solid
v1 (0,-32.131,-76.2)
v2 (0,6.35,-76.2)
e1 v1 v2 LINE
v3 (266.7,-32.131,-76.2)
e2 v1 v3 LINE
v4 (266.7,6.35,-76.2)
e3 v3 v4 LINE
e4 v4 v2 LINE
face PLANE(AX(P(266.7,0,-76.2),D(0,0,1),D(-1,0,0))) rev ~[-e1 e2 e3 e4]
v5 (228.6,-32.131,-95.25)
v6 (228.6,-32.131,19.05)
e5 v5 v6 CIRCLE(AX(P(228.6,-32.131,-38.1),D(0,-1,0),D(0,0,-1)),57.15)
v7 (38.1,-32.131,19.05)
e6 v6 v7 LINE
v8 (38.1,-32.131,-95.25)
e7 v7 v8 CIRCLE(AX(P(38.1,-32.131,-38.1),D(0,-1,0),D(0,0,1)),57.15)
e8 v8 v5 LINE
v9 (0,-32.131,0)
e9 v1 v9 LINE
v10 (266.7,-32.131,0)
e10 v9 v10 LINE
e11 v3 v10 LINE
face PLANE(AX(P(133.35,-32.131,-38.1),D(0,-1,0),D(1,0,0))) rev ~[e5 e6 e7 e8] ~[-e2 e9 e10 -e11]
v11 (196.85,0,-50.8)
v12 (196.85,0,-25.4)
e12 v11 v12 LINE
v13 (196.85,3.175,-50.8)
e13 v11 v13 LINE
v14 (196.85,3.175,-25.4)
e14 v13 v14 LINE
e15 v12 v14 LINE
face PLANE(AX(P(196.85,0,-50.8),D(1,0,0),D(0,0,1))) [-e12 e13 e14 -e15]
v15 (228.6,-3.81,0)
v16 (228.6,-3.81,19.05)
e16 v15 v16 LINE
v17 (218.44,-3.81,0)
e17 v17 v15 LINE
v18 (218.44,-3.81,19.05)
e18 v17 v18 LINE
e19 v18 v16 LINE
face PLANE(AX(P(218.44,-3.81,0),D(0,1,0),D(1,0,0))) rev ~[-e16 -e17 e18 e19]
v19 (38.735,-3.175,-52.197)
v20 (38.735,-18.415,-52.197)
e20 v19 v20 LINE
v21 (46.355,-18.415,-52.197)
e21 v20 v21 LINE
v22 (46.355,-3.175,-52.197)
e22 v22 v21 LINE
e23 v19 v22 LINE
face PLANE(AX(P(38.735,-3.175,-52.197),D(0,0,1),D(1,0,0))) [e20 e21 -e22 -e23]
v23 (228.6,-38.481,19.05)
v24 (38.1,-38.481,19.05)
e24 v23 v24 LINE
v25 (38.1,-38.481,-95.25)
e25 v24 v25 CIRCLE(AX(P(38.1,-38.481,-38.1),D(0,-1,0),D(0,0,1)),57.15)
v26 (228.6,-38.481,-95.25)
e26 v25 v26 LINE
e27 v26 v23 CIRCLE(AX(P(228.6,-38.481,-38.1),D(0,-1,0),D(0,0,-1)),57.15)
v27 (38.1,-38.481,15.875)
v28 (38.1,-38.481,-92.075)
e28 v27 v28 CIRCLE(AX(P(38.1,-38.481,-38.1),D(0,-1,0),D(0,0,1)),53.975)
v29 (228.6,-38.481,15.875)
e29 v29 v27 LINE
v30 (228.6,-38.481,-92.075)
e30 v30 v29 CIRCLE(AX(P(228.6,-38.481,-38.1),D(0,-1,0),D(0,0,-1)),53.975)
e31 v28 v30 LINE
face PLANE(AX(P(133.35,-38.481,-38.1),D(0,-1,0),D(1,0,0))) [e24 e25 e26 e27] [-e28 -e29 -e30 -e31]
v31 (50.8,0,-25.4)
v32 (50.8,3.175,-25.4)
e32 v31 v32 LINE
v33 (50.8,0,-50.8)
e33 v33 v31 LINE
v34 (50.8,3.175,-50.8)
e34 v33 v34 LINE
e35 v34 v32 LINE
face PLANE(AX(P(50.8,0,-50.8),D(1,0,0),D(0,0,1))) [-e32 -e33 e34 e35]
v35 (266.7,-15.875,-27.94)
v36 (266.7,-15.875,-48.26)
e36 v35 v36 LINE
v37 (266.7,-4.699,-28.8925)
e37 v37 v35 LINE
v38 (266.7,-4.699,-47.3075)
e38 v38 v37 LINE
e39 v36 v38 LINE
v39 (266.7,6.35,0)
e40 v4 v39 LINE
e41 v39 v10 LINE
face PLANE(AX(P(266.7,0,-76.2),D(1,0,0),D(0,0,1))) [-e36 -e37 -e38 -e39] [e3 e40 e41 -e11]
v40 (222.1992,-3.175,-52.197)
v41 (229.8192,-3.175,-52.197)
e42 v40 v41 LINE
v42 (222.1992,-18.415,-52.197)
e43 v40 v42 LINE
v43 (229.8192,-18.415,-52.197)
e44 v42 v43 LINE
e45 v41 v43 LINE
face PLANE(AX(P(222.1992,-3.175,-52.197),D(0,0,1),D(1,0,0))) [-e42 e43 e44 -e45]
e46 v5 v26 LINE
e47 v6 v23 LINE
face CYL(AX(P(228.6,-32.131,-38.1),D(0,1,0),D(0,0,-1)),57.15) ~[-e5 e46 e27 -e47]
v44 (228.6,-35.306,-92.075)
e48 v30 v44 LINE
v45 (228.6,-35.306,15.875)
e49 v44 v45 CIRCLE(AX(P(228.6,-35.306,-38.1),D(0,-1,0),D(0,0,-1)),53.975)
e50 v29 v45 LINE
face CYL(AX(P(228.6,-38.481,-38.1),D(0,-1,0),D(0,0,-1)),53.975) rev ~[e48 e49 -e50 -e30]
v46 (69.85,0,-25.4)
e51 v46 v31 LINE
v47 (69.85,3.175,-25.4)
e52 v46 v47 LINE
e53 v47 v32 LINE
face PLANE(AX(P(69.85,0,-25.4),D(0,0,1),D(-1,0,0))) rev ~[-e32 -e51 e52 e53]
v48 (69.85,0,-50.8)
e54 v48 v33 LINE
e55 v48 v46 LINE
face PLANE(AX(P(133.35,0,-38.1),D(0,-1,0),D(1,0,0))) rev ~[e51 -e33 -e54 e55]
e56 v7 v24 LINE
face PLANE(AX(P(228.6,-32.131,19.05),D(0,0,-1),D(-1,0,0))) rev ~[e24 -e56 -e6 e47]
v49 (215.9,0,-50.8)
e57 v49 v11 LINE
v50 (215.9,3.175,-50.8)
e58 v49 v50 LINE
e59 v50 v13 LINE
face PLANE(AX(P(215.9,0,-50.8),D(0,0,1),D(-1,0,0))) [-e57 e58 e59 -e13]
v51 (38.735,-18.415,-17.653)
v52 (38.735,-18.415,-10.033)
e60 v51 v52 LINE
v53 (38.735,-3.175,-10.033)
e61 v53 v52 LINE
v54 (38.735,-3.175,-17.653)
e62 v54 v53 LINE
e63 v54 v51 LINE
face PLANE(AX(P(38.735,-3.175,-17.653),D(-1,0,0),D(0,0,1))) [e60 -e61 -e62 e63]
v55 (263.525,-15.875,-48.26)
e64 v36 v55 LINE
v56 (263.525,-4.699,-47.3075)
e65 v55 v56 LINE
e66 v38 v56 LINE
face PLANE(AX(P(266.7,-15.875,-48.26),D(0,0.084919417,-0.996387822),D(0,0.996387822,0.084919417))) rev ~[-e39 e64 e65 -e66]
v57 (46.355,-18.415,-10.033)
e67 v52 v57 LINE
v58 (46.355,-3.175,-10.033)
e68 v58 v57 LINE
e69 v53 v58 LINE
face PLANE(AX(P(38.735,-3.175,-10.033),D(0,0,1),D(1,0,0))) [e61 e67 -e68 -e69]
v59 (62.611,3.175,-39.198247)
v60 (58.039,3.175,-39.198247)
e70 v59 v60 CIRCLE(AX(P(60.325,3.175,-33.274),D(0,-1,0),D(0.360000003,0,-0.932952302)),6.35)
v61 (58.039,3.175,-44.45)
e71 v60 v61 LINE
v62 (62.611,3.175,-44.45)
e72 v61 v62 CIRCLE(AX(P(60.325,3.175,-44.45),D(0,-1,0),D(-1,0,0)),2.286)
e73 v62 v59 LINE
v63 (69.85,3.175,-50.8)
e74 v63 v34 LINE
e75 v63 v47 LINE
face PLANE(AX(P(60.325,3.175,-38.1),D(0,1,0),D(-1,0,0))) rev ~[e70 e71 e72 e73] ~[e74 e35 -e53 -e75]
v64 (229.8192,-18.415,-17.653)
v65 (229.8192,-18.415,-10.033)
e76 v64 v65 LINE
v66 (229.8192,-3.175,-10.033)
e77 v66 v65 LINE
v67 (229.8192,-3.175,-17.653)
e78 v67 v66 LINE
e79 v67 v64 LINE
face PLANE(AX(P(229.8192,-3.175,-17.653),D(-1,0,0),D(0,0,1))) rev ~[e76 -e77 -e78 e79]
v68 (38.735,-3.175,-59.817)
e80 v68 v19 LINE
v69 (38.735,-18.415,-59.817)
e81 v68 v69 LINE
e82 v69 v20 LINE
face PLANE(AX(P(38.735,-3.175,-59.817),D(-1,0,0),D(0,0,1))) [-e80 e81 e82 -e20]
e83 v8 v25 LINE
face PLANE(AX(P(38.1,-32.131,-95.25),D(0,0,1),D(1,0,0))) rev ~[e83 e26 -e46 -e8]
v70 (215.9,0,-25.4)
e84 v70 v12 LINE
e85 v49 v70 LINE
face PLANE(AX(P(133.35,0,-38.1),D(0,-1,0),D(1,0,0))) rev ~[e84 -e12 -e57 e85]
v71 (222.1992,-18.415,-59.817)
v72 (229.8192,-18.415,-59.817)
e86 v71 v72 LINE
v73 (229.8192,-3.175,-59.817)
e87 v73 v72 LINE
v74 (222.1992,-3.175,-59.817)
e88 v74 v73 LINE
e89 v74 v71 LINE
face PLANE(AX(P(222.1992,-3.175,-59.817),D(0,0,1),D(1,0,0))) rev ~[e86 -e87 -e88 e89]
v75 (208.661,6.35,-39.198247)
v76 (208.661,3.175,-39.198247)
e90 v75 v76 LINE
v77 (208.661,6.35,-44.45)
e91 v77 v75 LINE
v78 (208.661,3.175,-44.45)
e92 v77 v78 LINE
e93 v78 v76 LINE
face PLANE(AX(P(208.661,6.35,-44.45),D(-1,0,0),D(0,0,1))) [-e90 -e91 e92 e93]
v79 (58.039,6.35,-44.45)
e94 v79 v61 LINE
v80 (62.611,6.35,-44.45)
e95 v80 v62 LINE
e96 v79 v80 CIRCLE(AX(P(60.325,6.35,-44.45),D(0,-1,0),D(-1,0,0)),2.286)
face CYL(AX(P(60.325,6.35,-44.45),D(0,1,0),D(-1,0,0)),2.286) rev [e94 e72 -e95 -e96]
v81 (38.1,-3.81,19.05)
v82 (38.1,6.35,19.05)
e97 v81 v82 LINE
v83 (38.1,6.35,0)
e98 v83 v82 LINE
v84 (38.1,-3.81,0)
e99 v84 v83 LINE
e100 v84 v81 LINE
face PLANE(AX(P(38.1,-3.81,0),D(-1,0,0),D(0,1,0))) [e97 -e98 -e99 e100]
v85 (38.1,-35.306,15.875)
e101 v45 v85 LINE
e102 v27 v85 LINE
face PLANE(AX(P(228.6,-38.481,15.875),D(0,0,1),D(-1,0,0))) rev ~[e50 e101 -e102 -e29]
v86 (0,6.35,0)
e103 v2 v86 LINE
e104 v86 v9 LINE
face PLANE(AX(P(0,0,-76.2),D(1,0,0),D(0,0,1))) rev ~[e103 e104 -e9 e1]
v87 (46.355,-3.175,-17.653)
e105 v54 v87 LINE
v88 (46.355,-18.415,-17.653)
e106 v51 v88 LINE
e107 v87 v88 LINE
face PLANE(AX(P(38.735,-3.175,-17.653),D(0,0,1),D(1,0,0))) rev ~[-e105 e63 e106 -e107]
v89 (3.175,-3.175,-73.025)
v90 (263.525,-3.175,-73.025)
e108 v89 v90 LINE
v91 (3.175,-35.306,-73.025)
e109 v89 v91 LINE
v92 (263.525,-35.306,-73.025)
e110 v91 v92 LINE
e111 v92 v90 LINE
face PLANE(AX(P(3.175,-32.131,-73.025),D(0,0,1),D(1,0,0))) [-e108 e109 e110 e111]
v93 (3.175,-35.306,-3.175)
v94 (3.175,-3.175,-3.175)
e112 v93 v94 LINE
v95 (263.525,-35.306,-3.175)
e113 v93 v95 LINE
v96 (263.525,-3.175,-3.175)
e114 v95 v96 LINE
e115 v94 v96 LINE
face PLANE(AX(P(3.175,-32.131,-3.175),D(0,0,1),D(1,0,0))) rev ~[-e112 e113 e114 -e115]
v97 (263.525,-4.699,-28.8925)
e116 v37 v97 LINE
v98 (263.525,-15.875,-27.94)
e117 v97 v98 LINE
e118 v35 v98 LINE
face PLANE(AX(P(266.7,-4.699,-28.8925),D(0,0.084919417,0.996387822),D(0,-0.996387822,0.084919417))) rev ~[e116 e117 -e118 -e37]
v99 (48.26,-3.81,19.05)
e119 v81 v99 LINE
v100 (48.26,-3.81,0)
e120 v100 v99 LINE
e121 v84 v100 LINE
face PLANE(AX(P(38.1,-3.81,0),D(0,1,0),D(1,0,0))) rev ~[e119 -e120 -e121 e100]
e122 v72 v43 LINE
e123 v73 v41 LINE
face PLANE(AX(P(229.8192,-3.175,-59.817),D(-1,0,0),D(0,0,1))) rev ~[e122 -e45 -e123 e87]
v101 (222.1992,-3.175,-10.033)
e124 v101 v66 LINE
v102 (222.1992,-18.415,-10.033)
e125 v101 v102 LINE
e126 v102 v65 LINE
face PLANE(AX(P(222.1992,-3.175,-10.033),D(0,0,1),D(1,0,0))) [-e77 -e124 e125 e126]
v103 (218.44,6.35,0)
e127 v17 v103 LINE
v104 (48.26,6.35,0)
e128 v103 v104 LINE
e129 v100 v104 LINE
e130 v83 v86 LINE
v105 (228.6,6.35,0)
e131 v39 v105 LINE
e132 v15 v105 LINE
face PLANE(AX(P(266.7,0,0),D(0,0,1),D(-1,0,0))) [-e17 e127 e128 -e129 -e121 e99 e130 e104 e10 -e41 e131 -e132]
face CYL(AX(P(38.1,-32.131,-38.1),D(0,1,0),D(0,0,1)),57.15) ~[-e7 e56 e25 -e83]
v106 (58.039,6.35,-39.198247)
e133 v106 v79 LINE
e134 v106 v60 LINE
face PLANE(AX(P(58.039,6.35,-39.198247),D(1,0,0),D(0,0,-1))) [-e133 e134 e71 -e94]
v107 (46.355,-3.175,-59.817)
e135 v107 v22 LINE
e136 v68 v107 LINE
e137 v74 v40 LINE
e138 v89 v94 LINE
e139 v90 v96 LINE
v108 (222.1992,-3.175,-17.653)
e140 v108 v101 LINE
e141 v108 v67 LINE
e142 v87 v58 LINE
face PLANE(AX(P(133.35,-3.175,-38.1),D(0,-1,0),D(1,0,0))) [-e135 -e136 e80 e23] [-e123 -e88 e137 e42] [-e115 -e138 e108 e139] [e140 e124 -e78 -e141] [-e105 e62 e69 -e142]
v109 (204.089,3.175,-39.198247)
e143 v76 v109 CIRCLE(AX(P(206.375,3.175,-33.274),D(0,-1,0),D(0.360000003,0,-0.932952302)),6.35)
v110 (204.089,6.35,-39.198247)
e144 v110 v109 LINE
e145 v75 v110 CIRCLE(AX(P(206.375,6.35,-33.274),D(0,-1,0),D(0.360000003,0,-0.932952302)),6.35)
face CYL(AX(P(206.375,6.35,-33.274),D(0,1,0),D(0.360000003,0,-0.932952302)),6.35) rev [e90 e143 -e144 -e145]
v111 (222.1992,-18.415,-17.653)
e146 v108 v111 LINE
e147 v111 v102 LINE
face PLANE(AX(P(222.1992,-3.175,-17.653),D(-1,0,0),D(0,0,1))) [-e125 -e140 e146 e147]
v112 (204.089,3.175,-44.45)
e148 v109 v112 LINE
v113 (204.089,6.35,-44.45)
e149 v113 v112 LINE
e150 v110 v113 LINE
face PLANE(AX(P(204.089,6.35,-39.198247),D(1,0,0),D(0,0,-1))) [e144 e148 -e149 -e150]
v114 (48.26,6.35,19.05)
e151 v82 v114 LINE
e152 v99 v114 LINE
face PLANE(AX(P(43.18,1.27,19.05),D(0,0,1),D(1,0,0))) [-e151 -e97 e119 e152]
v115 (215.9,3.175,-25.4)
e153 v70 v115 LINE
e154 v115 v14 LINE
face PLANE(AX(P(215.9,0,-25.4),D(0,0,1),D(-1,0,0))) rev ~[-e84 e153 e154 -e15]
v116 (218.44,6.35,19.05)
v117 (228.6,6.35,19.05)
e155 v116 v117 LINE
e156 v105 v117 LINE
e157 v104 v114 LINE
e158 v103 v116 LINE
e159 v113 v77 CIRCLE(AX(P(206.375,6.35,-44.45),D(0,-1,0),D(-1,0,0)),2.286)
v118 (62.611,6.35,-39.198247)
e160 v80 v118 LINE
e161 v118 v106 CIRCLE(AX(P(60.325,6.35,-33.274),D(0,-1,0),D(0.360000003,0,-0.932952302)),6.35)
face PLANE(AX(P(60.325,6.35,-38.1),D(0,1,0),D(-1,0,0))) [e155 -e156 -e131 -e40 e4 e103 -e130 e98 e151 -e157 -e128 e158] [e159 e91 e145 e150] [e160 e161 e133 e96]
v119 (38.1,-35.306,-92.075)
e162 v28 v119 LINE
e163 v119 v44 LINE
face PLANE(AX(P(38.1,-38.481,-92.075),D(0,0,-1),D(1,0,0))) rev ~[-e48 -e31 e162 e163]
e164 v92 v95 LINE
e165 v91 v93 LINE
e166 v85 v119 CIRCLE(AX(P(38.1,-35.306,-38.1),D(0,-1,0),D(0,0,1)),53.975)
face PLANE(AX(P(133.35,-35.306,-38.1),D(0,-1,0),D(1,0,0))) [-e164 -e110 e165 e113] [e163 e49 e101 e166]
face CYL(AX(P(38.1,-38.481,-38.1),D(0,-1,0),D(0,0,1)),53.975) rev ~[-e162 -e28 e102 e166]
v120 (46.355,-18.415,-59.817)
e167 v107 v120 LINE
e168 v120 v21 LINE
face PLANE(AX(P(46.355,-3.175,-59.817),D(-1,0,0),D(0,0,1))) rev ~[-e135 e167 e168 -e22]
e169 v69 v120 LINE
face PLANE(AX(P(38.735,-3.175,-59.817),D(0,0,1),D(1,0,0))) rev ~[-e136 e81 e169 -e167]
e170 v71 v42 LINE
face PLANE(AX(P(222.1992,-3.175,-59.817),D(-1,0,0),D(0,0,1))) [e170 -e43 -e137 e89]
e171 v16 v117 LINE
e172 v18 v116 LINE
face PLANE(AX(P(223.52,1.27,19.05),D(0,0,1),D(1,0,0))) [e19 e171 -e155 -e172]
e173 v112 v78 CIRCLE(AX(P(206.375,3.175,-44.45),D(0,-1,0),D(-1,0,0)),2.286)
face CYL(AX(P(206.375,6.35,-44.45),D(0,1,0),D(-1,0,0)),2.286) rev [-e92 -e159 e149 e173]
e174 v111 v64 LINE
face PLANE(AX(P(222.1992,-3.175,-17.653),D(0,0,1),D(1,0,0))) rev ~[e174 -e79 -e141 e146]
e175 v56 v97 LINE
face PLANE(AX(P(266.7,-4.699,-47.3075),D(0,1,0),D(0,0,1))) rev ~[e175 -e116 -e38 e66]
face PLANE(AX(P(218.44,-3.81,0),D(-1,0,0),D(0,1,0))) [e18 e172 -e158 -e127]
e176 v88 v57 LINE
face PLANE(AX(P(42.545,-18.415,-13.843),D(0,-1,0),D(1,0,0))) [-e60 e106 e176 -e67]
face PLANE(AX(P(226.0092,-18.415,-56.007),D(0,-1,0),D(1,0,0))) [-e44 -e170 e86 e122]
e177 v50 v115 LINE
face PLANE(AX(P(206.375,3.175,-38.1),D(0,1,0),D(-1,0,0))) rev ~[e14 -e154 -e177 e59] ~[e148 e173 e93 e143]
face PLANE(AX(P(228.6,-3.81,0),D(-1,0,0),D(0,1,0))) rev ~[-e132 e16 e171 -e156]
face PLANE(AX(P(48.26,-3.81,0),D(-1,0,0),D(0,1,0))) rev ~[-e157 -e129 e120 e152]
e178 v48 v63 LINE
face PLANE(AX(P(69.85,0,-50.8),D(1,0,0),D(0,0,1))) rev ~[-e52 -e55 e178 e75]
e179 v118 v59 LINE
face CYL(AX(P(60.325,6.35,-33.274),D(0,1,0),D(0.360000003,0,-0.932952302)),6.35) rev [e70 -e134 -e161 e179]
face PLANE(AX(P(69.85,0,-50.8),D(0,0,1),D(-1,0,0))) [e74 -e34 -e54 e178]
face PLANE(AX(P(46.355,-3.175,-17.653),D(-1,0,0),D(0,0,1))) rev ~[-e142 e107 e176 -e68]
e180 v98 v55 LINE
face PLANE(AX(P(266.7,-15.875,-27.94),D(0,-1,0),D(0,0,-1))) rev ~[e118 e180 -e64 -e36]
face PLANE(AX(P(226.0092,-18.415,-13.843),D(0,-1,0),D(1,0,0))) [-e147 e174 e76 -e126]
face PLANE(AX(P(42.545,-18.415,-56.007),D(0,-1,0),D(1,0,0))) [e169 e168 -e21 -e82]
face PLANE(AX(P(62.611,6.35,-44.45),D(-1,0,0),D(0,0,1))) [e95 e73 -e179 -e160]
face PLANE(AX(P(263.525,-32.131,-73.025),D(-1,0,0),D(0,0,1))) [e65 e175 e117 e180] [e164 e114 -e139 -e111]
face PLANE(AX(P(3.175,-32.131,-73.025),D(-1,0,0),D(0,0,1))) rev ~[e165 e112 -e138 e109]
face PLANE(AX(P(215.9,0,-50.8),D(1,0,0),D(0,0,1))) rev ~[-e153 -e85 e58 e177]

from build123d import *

# Parameters (mm, degrees)
F0_W      = 266.7
F0_H      = 76.2
F1_DEPTH  = 3.175
F2_W      = 266.7
F2_H      = 76.2
F2_W_2    = 260.35
F2_H_2    = 69.85
F3_DEPTH  = 28.956
F4_W      = 260.35
F4_H      = 69.85
F5_DEPTH  = 6.35
F7_DEPTH  = 3.175
F8_W      = 266.7
F8_H      = 76.2
F8_W_2    = 19.05
F8_H_2    = 25.4
F9_DEPTH  = 6.35
F10_W     = 19.05
F10_H     = 25.4
F11_DEPTH = 3.175
F13_DEPTH = 3.175
F14_W     = 10.16
F14_H     = 10.16
F15_DEPTH = 19.05
F16_W     = 7.62
F16_H     = 7.62
F17_DEPTH = 15.24


with BuildPart() as f1:
    # F0 (on Front) → F1 (new body)
    with BuildSketch(Plane.XZ):
        with Locations((133.35, -38.1)):
            Rectangle(F0_W, F0_H)
    extrude(amount=F1_DEPTH)

    # F2 (on face) → F3 (join)
    with BuildSketch(Plane.XZ.offset(3.175)):
        with Locations((133.35, -38.1)):
            Rectangle(F2_W, F2_H)
        with Locations((133.35, -38.1)):
            Rectangle(F2_W_2, F2_H_2, mode=Mode.SUBTRACT)
    extrude(amount=F3_DEPTH)

    # F4 (on face) → F5 (join)
    with BuildSketch(Plane.XZ.offset(32.131)):
        with BuildLine():
            Line((228.6, 19.05), (38.1, 19.05))
            ThreePointArc((38.1, 19.05), (-19.05, -38.1), (38.1, -95.25))
            Line((38.1, -95.25), (228.6, -95.25))
            ThreePointArc((228.6, -95.25), (285.75, -38.1), (228.6, 19.05))
        make_face()
        with Locations((133.35, -38.1)):
            Rectangle(F4_W, F4_H, mode=Mode.SUBTRACT)
    extrude(amount=F5_DEPTH)

    # F6 (on face) → F7 (cut)
    with BuildSketch(Plane.XZ.offset(38.481)):
        with BuildLine():
            Line((228.6, 15.875), (38.1, 15.875))
            ThreePointArc((38.1, 15.875), (-15.875, -38.1), (38.1, -92.075))
            Line((38.1, -92.075), (228.6, -92.075))
            ThreePointArc((228.6, -92.075), (282.575, -38.1), (228.6, 15.875))
        make_face()
    extrude(amount=-F7_DEPTH, mode=Mode.SUBTRACT)

    # F8 (on face) → F9 (join)
    with BuildSketch(Plane(origin=(0, 0, 0), x_dir=(-1, 0, 0), z_dir=(0, 1, 0))):
        with Locations((-133.35, -38.1)):
            Rectangle(F8_W, F8_H)
        with Locations((-206.375, -38.1)):
            Rectangle(F8_W_2, F8_H_2, mode=Mode.SUBTRACT)
        with Locations((-60.325, -38.1)):
            Rectangle(F8_W_2, F8_H_2, mode=Mode.SUBTRACT)
    extrude(amount=F9_DEPTH)

    # F10 (on face) → F11 (join)
    with BuildSketch(Plane(origin=(0, 6.35, 0), x_dir=(-1, 0, 0), z_dir=(0, 1, 0))):
        with Locations((-60.325, -38.1)):
            Rectangle(F10_W, F10_H)
        with BuildLine():
            ThreePointArc((-62.611, -39.198247), (-60.325, -26.924), (-58.039, -39.198247))
            Line((-58.039, -39.198247), (-58.039, -44.45))
            ThreePointArc((-58.039, -44.45), (-60.325, -46.736), (-62.611, -44.45))
            Line((-62.611, -44.45), (-62.611, -39.198247))
        make_face(mode=Mode.SUBTRACT)
        with Locations((-206.375, -38.1)):
            Rectangle(F10_W, F10_H)
        with BuildLine():
            ThreePointArc((-208.661, -39.198247), (-206.375, -26.924), (-204.089, -39.198247))
            Line((-204.089, -39.198247), (-204.089, -44.45))
            ThreePointArc((-204.089, -44.45), (-206.375, -46.736), (-208.661, -44.45))
            Line((-208.661, -44.45), (-208.661, -39.198247))
        make_face(mode=Mode.SUBTRACT)
    extrude(amount=-F11_DEPTH)

    # F12 (on face) → F13 (cut, through all)
    with BuildSketch(Plane.YZ.offset(266.7)):
        Polygon((-4.699, -47.3075), (-4.699, -28.8925), (-15.875, -27.94), (-15.875, -48.26), align=None)
    extrude(amount=-F13_DEPTH, mode=Mode.SUBTRACT)

    # F14 (on face) → F15 (join, through all)
    with BuildSketch(Plane.XY):
        with Locations((43.18, 1.27)):
            Rectangle(F14_W, F14_H)
        with Locations((223.52, 1.27)):
            Rectangle(F14_W, F14_H)
    extrude(amount=F15_DEPTH)

    # F16 (on face) → F17 (join)
    with BuildSketch(Plane.XZ.offset(3.175)):
        with Locations((226.0092, -56.007)):
            Rectangle(F16_W, F16_H)
        with Locations((226.0092, -13.843)):
            Rectangle(F16_W, F16_H)
        with Locations((42.545, -56.007)):
            Rectangle(F16_W, F16_H)
        with Locations((42.545, -13.843)):
            Rectangle(F16_W, F16_H)
    extrude(amount=F17_DEPTH)


solid = f1.part
